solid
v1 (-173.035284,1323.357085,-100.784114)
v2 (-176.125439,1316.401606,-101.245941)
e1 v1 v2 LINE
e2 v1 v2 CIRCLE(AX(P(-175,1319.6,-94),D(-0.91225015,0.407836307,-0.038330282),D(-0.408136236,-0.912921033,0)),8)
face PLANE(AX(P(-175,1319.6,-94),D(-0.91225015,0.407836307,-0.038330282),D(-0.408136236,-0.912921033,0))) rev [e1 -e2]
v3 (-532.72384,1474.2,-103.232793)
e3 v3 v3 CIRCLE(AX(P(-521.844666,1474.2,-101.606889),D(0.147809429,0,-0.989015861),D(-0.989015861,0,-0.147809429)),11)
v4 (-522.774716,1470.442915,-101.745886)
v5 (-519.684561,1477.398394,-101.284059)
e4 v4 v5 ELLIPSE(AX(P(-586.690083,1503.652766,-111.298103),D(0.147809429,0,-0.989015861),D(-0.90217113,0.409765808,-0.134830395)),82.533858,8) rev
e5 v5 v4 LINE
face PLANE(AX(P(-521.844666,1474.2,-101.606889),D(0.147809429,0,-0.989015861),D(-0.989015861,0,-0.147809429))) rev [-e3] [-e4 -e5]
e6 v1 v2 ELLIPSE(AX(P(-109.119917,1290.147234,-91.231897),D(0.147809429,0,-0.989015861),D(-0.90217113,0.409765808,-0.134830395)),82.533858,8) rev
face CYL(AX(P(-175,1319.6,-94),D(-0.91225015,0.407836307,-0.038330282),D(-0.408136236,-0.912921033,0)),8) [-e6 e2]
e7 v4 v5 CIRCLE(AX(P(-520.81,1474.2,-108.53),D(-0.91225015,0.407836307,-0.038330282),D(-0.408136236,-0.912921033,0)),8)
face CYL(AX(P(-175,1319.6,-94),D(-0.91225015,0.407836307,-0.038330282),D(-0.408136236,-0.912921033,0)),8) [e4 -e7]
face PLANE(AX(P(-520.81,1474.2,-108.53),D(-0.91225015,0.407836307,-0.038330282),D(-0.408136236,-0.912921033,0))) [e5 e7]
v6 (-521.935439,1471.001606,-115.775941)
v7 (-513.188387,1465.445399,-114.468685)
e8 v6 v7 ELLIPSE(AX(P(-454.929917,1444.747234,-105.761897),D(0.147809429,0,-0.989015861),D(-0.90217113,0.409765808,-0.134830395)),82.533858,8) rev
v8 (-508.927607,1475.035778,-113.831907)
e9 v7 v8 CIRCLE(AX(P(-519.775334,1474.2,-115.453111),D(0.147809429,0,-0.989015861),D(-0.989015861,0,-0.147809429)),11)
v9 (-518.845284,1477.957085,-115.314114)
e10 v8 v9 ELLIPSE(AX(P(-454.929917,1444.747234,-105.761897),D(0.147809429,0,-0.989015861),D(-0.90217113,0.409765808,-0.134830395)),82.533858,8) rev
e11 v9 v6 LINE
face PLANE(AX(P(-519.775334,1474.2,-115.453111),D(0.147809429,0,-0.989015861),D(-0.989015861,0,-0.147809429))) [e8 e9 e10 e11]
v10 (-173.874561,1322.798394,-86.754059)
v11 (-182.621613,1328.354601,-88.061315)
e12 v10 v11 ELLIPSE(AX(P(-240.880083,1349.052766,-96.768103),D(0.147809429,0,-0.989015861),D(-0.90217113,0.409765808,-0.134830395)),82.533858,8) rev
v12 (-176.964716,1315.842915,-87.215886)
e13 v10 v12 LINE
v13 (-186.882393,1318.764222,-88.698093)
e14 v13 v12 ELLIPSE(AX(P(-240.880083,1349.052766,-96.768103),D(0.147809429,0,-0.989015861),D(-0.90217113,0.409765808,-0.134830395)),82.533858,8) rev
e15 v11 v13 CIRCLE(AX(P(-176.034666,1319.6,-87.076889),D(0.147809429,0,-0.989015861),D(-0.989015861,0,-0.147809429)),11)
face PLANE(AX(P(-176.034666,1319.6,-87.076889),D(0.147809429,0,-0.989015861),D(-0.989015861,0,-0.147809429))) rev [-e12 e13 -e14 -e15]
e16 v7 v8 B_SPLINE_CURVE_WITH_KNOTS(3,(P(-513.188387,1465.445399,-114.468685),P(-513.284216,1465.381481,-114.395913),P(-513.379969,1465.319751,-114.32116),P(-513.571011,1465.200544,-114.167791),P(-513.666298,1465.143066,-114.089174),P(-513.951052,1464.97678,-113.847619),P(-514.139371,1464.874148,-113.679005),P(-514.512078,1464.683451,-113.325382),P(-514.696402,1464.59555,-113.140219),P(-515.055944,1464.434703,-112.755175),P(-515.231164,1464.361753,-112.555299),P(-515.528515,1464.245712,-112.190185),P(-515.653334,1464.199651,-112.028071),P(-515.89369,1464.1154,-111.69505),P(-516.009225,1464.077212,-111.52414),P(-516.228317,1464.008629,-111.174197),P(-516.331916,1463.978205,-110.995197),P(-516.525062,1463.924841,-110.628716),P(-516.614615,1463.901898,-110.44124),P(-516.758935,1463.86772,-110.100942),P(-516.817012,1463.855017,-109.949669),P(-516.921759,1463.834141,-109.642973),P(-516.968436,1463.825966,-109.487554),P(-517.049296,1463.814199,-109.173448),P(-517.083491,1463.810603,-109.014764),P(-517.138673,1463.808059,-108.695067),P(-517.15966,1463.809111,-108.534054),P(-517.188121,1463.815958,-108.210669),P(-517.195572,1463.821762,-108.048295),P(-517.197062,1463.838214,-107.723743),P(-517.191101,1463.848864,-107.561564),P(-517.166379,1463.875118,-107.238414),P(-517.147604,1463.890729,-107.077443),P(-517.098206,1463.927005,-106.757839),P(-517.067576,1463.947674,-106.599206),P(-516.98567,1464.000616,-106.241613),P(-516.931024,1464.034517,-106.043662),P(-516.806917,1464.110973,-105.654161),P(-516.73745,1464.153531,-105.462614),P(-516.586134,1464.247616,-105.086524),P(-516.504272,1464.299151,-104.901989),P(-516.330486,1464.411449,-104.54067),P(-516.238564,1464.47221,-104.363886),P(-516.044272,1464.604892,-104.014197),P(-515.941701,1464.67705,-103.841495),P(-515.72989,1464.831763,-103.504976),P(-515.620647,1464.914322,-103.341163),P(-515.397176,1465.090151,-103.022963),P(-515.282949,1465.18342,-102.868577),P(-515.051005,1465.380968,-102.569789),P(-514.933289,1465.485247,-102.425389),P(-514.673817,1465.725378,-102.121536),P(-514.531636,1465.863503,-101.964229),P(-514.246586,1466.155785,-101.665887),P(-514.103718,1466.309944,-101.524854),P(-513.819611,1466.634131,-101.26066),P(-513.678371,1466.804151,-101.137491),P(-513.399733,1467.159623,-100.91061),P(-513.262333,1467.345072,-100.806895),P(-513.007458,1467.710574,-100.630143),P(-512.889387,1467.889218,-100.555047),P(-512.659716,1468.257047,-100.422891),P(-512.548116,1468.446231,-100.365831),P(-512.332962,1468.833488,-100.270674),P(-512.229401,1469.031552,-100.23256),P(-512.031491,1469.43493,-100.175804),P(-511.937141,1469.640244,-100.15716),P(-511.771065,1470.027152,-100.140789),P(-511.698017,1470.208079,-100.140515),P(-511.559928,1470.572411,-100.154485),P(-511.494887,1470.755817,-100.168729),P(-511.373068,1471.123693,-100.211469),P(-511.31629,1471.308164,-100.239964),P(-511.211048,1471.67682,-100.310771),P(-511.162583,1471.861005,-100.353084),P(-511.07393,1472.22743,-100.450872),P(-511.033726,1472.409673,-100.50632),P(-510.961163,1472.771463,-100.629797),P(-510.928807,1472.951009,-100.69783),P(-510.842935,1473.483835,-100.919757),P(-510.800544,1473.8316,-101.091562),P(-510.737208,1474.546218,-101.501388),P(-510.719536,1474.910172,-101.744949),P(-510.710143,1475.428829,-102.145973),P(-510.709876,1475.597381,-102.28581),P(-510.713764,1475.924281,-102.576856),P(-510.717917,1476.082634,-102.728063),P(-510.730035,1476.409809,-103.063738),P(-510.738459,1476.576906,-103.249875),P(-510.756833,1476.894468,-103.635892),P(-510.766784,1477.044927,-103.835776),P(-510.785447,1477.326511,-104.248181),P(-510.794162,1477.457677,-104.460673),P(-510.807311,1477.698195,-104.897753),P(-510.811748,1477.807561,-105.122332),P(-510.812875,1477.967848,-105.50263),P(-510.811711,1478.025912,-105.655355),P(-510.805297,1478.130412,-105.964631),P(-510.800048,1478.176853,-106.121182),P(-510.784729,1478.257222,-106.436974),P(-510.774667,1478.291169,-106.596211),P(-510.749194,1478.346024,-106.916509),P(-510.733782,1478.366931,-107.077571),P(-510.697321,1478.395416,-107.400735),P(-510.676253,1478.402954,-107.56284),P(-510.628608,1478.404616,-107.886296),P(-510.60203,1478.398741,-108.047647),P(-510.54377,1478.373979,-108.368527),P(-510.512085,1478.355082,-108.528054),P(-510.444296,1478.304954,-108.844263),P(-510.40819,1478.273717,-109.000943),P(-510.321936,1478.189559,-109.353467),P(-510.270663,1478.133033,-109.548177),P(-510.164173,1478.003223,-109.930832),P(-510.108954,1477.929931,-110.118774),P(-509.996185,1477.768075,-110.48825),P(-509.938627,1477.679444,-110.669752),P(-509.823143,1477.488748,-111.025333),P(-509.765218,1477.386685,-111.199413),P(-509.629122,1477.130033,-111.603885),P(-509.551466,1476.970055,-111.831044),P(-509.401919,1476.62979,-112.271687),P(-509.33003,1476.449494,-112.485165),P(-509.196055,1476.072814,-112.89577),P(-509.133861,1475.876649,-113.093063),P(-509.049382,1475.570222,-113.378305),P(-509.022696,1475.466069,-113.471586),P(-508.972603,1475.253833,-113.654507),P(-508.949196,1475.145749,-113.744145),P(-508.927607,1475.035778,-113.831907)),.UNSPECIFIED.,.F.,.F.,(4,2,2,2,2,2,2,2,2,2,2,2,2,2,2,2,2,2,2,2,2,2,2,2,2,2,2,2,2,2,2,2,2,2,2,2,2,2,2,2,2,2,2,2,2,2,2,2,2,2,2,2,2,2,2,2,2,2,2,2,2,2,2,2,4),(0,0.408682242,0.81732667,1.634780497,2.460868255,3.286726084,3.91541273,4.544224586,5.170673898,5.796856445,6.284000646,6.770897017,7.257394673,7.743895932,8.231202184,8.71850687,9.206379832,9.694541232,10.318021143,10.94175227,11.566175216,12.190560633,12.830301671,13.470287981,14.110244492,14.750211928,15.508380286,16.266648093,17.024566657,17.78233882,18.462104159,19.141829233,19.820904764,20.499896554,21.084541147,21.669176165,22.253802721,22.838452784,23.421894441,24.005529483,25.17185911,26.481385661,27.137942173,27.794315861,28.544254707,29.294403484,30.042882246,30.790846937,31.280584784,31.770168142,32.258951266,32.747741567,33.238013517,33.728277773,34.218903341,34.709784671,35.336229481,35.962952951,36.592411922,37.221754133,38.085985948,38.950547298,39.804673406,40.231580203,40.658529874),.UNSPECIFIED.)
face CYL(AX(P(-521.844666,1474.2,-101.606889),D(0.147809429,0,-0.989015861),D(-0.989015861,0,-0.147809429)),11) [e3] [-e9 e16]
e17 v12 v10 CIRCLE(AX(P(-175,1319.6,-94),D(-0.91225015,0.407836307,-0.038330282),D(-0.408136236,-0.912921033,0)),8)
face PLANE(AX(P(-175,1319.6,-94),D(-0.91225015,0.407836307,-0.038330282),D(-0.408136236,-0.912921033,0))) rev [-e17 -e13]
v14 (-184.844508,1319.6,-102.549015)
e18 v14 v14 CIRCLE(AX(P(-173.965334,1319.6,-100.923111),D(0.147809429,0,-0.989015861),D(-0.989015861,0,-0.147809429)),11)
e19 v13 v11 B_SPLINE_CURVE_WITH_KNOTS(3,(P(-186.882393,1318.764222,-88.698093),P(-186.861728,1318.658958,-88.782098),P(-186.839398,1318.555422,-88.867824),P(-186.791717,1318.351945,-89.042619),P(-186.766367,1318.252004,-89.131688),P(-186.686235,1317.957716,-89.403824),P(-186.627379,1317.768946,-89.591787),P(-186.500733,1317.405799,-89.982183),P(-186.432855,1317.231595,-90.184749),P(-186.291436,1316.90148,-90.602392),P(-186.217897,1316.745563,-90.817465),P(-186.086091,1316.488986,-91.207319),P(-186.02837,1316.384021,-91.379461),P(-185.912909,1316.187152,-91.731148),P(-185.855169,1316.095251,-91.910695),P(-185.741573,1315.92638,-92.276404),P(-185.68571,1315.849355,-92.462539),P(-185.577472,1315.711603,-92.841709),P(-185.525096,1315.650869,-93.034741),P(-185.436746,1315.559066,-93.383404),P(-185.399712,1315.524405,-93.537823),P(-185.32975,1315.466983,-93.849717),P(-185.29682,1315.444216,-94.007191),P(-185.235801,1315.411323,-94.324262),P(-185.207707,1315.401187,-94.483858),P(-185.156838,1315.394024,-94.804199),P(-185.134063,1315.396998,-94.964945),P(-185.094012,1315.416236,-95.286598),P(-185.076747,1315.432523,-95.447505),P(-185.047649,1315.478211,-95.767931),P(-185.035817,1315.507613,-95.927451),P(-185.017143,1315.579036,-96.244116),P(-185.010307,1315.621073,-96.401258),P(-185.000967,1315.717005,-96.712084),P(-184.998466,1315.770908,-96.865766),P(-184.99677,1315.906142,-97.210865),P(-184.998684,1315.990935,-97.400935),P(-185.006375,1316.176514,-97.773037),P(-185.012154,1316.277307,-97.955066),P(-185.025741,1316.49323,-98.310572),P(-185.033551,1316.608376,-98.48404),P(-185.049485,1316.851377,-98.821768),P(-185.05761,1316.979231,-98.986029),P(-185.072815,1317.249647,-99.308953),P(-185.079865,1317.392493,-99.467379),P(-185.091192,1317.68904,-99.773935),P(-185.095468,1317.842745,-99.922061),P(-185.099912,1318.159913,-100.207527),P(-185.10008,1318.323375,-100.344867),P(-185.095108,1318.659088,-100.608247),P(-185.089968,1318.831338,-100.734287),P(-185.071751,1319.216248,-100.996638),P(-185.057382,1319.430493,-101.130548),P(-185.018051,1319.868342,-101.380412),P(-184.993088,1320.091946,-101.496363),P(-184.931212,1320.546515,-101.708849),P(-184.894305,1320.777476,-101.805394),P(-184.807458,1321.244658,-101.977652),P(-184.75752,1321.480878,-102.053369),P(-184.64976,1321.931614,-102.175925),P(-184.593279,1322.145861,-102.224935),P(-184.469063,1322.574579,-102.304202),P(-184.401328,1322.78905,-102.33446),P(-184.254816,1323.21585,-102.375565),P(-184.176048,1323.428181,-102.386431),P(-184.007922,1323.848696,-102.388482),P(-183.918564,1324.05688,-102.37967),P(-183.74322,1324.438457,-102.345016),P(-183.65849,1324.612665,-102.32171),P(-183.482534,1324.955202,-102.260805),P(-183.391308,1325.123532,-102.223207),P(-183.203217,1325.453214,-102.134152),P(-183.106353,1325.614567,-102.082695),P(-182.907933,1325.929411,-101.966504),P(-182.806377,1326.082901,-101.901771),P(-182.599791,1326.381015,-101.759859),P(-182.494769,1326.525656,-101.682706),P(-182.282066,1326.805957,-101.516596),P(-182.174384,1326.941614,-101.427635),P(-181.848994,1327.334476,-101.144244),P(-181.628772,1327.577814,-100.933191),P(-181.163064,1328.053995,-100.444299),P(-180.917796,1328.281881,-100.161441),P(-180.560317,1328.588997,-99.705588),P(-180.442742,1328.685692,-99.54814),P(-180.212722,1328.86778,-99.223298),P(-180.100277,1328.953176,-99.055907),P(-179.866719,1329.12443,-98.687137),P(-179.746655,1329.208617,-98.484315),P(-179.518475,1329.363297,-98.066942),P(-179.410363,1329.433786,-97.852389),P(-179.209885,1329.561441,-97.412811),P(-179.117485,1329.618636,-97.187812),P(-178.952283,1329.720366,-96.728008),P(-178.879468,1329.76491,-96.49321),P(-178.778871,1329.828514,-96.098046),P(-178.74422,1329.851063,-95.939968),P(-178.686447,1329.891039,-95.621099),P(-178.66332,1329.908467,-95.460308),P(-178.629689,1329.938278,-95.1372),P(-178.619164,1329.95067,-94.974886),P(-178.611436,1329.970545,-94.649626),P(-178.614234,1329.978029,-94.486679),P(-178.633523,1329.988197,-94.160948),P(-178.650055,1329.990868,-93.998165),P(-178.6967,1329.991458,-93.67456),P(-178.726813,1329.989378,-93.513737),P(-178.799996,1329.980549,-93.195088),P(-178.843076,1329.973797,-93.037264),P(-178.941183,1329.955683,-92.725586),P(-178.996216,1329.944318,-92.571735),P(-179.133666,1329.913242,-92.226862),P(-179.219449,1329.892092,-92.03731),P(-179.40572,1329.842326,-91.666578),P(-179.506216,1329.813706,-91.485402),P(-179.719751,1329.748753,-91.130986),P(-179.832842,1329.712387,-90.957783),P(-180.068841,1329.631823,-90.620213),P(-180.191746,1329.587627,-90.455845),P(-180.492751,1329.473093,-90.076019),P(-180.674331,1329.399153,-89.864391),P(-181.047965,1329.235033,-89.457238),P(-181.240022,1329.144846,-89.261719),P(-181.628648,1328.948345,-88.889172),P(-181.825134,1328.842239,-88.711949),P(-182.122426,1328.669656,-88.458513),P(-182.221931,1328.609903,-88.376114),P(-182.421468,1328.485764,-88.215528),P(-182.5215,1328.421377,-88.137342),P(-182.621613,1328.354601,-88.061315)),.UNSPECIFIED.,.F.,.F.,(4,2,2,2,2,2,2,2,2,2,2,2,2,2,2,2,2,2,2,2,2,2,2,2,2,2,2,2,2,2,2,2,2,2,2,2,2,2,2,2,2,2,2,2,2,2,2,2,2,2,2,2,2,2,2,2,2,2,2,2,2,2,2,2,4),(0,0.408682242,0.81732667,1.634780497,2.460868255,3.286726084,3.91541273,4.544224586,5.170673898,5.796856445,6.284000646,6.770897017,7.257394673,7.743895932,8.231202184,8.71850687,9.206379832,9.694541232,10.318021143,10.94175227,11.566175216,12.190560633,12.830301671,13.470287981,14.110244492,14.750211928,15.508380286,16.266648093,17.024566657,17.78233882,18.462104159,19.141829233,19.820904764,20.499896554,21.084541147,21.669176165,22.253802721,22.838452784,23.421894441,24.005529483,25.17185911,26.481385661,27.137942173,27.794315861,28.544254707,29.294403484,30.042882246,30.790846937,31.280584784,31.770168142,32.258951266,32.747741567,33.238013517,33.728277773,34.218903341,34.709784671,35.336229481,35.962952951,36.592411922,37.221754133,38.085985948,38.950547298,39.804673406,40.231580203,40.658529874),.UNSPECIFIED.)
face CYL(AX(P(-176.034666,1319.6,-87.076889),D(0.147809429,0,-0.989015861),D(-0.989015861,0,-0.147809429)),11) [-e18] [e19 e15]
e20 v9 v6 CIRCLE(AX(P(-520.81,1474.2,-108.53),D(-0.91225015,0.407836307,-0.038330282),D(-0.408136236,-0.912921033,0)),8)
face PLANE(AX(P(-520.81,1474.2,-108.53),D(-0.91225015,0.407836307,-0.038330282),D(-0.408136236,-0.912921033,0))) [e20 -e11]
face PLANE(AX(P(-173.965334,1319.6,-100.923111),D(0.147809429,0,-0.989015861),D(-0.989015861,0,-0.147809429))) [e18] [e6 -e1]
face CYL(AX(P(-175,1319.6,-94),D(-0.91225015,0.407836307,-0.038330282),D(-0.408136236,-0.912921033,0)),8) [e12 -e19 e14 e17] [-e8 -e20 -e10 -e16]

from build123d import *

# Parameters (mm, degrees)
SUSP_RL_TOE_LINK_PROFILE_R             = 8
SUSP_RL_TOE_LINK_ROD_END_IN_PROFILE_R  = 11
SUSP_RL_TOE_LINK_ROD_END_OUT_PROFILE_R = 11


with BuildPart() as part:
    # SUSP_RL_toe_link: sweep along a curve in space
    with BuildLine() as susp_rl_toe_link_path:
        Line((-175, 1319.6, -94), (-520.81, 1474.2, -108.53))
    # SUSP_RL_toe_link profile (on start of the path) → SUSP_RL_toe_link (sweep)
    with BuildSketch(Plane(origin=(-175, 1319.6, -94), x_dir=(-0.40813623590833575, -0.9129210332436072, 0), z_dir=(-0.9122501501575765, 0.4078363066839052, -0.03833028160489745))):
        Circle(SUSP_RL_TOE_LINK_PROFILE_R)
    sweep(path=susp_rl_toe_link_path.line)

    # SUSP_RL_toe_link_rod_end_in: sweep along a curve in space
    with BuildLine() as susp_rl_toe_link_rod_end_in_path:
        Line((-176.034666, 1319.6, -87.076889), (-173.965334, 1319.6, -100.923111))
    # SUSP_RL_toe_link_rod_end_in profile (on start of the path) → SUSP_RL_toe_link_rod_end_in (sweep)
    with BuildSketch(Plane(origin=(-176.034666, 1319.6, -87.076889), x_dir=(-0.989015860676298, 0, -0.14780942909950529), z_dir=(0.14780942909950529, 0, -0.989015860676298))):
        Circle(SUSP_RL_TOE_LINK_ROD_END_IN_PROFILE_R)
    sweep(path=susp_rl_toe_link_rod_end_in_path.line)

    # SUSP_RL_toe_link_rod_end_out: sweep along a curve in space
    with BuildLine() as susp_rl_toe_link_rod_end_out_path:
        Line((-521.844666, 1474.2, -101.606889), (-519.775334, 1474.2, -115.453111))
    # SUSP_RL_toe_link_rod_end_out profile (on start of the path) → SUSP_RL_toe_link_rod_end_out (sweep)
    with BuildSketch(Plane(origin=(-521.844666, 1474.2, -101.606889), x_dir=(-0.9890158606762977, 0, -0.14780942909950728), z_dir=(0.14780942909950728, 0, -0.9890158606762977))):
        Circle(SUSP_RL_TOE_LINK_ROD_END_OUT_PROFILE_R)
    sweep(path=susp_rl_toe_link_rod_end_out_path.line)


solid = part.part
